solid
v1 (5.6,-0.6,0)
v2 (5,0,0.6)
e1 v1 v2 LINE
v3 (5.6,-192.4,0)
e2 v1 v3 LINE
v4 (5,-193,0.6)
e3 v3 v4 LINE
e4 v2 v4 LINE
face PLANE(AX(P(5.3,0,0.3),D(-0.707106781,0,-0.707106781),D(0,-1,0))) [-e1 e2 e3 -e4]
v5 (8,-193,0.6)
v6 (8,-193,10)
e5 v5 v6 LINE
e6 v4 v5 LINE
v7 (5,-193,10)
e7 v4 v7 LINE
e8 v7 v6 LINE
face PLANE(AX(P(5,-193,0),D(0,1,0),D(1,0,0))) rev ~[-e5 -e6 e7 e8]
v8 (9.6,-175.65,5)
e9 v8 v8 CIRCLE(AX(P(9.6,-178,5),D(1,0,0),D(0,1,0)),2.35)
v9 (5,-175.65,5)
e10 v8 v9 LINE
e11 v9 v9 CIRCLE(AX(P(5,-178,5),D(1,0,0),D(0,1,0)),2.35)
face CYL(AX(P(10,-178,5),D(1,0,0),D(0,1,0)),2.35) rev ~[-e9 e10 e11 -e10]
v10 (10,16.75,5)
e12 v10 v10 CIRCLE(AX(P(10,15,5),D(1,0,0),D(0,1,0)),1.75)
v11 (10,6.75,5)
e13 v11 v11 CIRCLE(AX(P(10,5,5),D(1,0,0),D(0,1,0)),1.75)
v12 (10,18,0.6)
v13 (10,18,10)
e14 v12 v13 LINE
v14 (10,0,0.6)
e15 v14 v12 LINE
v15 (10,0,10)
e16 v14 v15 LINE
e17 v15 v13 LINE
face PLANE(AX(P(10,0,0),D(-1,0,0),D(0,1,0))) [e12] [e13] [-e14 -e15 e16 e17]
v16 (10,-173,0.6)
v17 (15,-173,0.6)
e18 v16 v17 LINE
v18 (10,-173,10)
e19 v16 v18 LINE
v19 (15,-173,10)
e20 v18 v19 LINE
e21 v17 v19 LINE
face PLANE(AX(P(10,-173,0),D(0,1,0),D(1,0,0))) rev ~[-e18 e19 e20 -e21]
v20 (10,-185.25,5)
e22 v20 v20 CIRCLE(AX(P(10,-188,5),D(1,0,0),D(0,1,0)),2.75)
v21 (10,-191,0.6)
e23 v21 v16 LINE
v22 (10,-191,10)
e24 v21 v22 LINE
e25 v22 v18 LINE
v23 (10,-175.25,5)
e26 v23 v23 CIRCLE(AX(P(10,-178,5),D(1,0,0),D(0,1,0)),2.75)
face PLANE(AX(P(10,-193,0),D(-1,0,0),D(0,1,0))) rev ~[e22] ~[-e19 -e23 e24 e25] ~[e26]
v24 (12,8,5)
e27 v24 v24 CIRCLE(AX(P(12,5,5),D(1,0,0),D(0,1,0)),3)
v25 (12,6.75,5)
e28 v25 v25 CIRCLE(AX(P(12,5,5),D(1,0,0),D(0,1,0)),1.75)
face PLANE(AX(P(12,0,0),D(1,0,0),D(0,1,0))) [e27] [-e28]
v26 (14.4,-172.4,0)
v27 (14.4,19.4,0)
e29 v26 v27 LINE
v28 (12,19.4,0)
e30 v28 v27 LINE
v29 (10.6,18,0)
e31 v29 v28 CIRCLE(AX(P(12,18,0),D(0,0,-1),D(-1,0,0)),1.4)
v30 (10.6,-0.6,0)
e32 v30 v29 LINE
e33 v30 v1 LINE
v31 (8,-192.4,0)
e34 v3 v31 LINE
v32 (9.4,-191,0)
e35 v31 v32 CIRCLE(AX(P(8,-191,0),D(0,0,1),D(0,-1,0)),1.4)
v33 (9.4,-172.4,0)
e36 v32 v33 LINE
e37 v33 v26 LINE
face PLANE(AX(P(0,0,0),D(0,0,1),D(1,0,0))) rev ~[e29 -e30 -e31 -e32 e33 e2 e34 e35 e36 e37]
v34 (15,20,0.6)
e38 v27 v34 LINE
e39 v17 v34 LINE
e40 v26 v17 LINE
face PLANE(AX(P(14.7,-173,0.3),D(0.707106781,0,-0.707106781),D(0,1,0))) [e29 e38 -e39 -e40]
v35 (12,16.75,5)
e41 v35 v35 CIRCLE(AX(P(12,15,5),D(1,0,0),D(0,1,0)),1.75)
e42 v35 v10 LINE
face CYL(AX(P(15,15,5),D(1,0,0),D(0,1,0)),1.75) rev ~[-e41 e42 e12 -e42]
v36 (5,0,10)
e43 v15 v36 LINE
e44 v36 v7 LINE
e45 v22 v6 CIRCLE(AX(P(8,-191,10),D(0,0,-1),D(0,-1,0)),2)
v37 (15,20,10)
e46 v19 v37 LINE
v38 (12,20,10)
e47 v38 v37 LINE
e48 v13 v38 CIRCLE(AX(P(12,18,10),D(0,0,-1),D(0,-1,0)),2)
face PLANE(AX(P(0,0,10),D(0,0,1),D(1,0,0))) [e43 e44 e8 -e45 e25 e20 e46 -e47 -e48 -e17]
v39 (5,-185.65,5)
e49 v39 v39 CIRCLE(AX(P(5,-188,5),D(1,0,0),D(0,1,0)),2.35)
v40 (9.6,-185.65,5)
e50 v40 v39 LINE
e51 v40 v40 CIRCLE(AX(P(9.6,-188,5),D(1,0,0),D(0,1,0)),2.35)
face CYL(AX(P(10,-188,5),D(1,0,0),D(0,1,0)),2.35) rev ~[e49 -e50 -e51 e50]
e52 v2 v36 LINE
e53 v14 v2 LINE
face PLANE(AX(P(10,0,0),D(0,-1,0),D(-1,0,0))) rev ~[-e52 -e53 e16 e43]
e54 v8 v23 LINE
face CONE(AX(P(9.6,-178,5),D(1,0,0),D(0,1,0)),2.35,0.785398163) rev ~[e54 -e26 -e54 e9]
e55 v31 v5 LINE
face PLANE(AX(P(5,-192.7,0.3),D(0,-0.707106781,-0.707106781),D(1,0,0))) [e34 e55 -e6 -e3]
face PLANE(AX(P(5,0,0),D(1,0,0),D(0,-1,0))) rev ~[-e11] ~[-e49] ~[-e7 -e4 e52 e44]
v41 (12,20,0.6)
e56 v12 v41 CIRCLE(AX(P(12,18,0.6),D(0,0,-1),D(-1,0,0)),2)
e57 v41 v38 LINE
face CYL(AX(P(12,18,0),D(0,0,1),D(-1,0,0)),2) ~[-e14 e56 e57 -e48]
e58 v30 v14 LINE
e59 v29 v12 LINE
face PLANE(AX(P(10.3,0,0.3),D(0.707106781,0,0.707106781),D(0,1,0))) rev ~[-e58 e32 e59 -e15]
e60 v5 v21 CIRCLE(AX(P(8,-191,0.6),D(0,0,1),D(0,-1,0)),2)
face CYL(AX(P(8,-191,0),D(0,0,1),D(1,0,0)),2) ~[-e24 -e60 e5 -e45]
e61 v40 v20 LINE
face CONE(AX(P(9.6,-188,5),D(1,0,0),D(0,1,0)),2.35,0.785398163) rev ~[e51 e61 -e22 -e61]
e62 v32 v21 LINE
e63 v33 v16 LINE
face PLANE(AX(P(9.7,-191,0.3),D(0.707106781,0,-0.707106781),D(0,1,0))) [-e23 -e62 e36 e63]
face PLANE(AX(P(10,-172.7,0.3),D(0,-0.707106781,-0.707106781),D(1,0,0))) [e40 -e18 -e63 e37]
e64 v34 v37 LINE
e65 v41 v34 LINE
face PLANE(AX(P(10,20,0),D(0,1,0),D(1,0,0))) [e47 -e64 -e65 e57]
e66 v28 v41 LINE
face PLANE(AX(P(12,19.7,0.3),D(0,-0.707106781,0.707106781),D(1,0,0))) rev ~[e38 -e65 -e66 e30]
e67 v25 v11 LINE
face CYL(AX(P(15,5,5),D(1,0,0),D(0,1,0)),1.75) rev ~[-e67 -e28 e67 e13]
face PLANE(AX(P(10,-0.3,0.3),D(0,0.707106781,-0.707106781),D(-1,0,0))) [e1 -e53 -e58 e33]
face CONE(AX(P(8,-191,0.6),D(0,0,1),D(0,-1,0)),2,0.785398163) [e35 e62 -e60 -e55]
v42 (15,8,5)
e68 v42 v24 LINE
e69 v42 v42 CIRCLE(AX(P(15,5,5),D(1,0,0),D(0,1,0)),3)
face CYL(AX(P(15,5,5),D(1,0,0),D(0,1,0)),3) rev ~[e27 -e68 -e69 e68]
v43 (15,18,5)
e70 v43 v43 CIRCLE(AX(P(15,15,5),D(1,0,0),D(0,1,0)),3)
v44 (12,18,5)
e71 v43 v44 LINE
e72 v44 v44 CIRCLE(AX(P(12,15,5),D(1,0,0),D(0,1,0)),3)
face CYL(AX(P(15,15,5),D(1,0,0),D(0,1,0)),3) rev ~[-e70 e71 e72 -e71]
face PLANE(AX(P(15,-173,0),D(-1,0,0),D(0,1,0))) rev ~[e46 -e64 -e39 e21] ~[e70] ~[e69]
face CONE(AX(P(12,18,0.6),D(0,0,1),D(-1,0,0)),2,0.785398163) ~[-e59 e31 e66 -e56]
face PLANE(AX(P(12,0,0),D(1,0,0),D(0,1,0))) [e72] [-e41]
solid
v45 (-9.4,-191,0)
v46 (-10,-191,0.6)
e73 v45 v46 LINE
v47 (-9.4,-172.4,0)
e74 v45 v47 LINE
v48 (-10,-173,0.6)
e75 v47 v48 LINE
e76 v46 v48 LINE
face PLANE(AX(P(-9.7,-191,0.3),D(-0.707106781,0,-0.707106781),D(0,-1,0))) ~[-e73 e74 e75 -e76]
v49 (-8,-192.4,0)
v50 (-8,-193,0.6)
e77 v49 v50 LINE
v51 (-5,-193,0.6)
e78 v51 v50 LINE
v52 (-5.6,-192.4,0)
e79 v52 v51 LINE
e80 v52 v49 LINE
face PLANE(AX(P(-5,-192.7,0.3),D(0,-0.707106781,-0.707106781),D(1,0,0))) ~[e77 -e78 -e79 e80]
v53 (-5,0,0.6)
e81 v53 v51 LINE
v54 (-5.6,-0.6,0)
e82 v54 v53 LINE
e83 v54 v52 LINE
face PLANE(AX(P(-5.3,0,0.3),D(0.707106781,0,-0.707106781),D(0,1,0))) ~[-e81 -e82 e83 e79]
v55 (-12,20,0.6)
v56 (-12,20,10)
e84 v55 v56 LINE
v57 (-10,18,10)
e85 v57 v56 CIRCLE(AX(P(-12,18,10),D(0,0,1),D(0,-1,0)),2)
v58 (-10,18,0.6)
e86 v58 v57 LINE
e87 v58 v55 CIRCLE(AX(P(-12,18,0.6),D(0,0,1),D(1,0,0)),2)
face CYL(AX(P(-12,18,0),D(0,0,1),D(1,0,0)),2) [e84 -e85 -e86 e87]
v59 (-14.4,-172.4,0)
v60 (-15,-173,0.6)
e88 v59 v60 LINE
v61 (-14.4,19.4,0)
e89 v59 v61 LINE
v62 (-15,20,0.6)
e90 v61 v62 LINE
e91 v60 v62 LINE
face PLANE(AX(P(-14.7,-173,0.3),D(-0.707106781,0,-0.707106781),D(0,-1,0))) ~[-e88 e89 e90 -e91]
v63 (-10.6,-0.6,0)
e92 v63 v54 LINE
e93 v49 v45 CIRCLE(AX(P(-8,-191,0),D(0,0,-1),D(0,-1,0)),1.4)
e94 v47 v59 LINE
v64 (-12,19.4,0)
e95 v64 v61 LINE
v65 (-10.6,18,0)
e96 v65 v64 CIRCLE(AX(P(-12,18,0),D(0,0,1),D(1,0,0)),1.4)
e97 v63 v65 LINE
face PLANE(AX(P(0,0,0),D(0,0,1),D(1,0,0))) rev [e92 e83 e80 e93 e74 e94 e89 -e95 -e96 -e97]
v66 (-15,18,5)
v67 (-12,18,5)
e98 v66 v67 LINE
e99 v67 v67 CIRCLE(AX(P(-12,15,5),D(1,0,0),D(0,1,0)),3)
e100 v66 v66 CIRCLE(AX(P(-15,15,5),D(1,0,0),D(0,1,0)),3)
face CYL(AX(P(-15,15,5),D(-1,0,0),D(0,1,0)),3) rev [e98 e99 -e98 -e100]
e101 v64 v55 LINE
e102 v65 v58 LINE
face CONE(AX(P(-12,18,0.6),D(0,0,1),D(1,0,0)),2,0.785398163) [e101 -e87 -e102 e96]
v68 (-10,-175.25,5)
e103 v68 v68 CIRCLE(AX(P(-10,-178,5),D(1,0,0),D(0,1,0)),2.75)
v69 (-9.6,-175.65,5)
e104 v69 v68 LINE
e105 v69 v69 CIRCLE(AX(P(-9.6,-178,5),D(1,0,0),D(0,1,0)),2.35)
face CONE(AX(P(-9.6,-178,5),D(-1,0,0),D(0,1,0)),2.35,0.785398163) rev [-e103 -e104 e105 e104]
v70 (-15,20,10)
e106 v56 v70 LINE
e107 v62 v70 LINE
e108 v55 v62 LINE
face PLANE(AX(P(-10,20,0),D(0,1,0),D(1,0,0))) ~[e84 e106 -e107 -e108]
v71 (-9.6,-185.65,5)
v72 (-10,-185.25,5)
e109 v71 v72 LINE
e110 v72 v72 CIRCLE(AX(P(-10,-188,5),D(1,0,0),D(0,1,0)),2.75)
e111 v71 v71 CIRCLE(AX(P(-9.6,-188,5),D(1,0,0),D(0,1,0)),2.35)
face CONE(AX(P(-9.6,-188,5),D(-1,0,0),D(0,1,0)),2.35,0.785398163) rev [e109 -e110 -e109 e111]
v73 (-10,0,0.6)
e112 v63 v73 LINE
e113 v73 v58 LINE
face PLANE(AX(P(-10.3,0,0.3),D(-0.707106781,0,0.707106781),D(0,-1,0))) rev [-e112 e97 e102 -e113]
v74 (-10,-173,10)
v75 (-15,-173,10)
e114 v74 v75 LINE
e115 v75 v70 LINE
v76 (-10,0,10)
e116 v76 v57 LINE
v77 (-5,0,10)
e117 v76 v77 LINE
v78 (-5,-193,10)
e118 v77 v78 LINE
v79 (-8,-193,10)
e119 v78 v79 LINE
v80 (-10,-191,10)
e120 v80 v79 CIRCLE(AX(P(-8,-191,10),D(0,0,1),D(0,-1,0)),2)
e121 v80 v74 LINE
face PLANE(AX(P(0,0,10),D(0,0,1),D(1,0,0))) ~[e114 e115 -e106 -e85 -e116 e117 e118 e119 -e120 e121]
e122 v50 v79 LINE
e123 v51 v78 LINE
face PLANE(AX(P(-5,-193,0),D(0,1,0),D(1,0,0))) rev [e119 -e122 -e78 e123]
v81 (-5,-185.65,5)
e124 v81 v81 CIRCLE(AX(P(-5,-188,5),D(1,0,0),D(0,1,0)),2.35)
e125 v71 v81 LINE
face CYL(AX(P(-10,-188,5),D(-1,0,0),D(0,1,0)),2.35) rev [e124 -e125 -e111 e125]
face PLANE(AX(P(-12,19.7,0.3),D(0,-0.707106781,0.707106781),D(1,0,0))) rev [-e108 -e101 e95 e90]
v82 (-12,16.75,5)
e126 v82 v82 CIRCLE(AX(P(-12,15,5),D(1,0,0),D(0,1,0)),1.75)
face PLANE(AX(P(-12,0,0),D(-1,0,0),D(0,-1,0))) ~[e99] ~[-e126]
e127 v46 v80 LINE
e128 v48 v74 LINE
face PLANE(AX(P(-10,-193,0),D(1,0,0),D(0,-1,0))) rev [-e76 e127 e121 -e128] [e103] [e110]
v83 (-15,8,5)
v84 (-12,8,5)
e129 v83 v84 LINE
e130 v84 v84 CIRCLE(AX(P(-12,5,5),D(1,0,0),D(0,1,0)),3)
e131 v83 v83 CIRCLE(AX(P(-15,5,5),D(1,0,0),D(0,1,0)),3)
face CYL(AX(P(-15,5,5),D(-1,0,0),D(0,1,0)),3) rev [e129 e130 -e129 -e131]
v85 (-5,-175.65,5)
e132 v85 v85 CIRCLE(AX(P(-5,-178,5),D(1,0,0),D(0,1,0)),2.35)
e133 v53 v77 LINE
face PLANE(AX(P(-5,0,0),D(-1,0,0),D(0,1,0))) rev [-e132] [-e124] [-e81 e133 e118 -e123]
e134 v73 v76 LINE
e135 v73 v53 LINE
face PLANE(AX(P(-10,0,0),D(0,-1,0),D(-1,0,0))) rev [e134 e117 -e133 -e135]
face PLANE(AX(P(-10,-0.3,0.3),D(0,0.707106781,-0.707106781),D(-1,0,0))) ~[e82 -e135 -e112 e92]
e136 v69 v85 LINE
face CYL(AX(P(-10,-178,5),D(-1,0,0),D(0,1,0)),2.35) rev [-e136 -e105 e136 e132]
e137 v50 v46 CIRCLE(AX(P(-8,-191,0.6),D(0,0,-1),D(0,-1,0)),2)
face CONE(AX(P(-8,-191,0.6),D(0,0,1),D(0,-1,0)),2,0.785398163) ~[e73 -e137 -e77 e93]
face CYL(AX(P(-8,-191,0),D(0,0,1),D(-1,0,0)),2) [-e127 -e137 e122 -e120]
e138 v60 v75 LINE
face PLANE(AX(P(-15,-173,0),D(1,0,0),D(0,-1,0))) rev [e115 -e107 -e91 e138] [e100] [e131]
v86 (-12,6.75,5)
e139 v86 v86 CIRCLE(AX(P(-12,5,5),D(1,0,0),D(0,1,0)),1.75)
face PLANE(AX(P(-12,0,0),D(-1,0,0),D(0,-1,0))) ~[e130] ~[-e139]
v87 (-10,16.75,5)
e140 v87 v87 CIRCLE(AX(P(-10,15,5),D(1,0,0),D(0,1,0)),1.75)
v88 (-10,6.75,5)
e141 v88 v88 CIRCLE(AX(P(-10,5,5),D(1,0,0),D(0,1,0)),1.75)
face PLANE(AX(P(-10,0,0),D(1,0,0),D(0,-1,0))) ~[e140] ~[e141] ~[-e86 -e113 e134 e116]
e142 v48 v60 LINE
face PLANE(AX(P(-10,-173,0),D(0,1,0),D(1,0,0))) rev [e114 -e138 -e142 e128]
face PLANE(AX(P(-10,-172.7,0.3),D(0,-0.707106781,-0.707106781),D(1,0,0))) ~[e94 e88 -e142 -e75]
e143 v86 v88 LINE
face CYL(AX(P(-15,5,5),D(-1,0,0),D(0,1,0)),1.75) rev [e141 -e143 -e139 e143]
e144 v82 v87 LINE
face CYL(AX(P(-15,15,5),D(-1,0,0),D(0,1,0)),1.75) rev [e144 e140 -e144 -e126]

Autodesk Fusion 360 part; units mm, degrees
sketch "Sketch1" plane through (0, 0, 0) normal (0, 0, 1) x (1, 0, 0)
  line L0 (0, 0) -> (5, 0) construction
  line L1 (5, 0) -> (5, -193)
  line L2 (5, -193) -> (10, -193)
  line L3 (10, -193) -> (10, -173)
  line L4 (10, -173) -> (15, -173)
  line L5 (15, -173) -> (15, 20)
  line L6 (10, 0) -> (5, 0)
  line L7 (10, 0) -> (10, 20)
  line L8 (10, 20) -> (15, 20)
  dimension "d1" = 5
  dimension "d3" = 5
  dimension "d5" = 5
  dimension "d8" = 20
  dimension "d16" = 20
  dimension "d17" = 5
  dimension "d36" = 173
extrude "Extrude1" add sketch "Sketch1" along normal blind 10 makes body 1
sketch "Sketch5" plane through (10, 0, 0) normal (1, 0, 0) x (0, 1, 0)
  line L0 (-193, 0) -> (-173, 0)
  line L1 (-173, 0) -> (-173, 10)
  line L2 (-173, 10) -> (-193, 10)
  line L3 (-193, 10) -> (-193, 0)
  line L4 (-173, 5) -> (-193, 5) construction
  line L5 (-183, 5) -> (-183, 10) construction
  circle A0 centre (-178, 5) radius 2.35
  circle A1 centre (-188, 5) radius 2.35
  dimension "d27" = 4.7
  dimension "d29" = 5
extrude "Extrude6" cut sketch "Sketch5" against normal up to surface (5 mm away) contours A0 | A1 bodies 1
sketch "Sketch4" plane through (15, 0, 0) normal (1, 0, 0) x (0, 1, 0)
  line L0 (-173, 0) -> (20, 0)
  line L1 (20, 0) -> (20, 10)
  line L2 (20, 10) -> (-173, 10)
  line L3 (-173, 10) -> (-173, 0)
  line L4 (0, 0) -> (0, 10)
  line L5 (0, 5) -> (20, 5) construction
  line L6 (10, 5) -> (10, 10) construction
  circle A0 centre (5, 5) radius 1.75
  circle A1 centre (5, 5) radius 3
  circle A2 centre (15, 5) radius 3
  circle A3 centre (15, 5) radius 1.75
  dimension "d18" = 3.5
  dimension "d19" = 6
  dimension "d20" = 5
extrude "Extrude4" cut sketch "Sketch4" against normal up to surface (5 mm away) contours A0 | A3 bodies 1
extrude "Extrude5" cut sketch "Sketch4" against normal blind 3 contours A1 | A2 bodies 1
chamfer "Chamfer1" distance 0.4 angle 45 2 edges at (10, -190.191, 5.8498) (10, -180.191, 5.8498) on bodies 1
fillet "Fillet1" radius 2 2 edges at (10, -193, 5) (10, 20, 5) on bodies 1
chamfer "Chamfer2" distance 0.6 angle 45 1 faces at (6.6667, -122, 0) on bodies 1
mirror "Mirror1" about plane through (0, 0, 0) normal (1, 0, 0) of bodies 1 makes body 2
